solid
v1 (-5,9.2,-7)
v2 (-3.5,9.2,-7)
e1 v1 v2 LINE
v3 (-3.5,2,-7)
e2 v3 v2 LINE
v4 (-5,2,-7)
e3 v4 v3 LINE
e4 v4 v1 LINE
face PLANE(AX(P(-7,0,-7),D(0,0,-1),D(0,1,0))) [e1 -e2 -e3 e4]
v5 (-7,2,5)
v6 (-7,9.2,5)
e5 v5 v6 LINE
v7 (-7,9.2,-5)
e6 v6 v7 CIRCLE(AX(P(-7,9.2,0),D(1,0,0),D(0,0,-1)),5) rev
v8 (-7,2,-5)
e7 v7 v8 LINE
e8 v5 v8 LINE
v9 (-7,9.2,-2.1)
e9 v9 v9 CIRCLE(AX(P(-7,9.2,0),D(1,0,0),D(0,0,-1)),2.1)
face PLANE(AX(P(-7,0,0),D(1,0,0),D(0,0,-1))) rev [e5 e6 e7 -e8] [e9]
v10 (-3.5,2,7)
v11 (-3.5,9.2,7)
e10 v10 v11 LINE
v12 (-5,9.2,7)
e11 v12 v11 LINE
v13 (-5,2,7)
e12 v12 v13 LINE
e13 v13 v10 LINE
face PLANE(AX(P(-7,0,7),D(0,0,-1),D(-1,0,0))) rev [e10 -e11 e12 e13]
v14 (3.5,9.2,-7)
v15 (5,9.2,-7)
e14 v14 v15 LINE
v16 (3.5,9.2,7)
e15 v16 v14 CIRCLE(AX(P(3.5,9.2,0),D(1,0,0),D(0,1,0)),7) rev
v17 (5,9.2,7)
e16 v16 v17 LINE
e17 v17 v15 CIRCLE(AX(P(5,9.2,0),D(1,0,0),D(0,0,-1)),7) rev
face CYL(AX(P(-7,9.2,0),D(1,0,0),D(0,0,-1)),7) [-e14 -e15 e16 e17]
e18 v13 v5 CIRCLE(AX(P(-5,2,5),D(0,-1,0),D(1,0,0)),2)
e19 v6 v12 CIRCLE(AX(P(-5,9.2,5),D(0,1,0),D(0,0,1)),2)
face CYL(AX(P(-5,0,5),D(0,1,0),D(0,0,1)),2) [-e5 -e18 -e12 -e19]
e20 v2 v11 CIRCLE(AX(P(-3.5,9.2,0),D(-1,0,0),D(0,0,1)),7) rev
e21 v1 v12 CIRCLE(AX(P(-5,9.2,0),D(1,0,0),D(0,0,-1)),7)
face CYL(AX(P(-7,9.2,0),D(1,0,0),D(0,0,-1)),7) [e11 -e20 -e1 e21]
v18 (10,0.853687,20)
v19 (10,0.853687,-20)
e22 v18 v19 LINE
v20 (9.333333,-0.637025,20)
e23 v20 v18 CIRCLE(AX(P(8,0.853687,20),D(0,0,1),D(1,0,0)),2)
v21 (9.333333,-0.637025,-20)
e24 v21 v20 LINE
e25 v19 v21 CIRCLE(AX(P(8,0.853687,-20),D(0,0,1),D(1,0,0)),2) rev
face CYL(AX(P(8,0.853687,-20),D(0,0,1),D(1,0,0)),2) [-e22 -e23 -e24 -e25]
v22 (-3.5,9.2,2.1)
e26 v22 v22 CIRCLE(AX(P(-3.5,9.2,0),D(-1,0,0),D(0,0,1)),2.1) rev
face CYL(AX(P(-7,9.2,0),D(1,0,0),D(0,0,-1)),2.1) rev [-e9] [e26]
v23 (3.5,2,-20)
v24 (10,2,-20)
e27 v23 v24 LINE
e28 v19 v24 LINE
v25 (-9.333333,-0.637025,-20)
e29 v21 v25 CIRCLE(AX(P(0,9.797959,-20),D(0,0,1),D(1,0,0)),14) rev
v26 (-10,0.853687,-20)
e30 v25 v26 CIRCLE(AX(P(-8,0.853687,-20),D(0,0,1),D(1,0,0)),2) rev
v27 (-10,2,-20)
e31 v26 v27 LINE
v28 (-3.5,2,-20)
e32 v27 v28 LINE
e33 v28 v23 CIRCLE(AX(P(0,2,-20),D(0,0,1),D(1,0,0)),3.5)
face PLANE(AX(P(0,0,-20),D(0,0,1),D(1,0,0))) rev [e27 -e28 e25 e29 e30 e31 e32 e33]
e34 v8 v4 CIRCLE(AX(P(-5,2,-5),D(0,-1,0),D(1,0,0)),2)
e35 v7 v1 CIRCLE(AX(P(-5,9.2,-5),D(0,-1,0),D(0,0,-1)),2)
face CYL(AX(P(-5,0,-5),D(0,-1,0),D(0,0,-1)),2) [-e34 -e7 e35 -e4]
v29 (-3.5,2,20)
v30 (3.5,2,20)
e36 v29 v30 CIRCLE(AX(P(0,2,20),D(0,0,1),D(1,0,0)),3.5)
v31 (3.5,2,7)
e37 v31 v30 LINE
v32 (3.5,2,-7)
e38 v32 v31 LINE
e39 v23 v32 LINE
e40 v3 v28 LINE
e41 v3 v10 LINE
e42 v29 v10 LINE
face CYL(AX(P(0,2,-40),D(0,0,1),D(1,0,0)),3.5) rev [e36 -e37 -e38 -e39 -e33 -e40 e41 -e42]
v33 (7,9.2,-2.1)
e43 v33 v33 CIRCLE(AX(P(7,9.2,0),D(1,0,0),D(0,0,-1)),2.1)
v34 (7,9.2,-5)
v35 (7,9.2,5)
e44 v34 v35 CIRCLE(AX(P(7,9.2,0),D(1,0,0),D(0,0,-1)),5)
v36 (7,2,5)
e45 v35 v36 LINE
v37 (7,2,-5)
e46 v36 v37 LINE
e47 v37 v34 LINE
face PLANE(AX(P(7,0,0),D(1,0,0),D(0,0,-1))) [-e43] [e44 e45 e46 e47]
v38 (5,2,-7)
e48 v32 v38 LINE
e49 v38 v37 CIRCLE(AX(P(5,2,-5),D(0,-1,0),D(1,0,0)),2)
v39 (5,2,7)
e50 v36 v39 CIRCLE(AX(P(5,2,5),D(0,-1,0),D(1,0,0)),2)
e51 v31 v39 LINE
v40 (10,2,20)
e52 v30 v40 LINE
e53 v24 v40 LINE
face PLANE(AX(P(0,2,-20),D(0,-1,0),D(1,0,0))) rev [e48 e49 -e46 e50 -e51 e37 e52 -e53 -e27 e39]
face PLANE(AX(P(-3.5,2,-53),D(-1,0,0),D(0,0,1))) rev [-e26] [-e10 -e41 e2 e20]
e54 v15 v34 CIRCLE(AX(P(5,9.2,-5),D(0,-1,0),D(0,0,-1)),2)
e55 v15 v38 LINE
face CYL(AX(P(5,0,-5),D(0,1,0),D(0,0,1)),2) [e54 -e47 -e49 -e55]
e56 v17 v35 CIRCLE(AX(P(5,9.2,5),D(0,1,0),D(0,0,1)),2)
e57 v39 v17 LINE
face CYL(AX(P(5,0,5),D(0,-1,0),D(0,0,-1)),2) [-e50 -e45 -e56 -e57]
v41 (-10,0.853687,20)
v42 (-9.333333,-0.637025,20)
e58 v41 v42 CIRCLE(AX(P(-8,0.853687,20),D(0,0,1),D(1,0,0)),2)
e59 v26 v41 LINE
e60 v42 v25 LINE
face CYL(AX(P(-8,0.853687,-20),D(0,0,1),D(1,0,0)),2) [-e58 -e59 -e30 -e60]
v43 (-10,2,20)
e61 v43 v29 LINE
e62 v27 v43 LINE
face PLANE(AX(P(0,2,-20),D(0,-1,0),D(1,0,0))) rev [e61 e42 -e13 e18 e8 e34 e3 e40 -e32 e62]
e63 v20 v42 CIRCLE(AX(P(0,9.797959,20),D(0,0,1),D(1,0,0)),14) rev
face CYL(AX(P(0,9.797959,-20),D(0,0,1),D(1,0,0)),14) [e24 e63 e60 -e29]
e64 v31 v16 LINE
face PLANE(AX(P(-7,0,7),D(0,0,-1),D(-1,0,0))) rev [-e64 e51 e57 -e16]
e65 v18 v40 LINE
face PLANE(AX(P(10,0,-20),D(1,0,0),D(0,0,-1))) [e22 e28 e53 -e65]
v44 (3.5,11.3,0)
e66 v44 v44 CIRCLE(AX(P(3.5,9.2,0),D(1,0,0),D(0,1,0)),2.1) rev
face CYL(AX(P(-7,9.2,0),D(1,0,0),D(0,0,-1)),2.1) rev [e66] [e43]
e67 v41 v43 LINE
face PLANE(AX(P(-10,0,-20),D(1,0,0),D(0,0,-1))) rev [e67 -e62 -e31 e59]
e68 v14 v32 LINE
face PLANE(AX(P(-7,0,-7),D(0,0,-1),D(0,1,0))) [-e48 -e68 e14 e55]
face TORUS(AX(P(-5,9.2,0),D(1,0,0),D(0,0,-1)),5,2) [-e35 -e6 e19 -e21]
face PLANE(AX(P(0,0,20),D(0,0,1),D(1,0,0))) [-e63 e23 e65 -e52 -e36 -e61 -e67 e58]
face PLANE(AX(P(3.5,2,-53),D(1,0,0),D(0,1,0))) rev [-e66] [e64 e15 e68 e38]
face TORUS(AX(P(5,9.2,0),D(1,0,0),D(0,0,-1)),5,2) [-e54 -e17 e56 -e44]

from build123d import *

# Parameters (mm, degrees)
BOSS_EXTRUDE1_DEPTH      = 20
BOSS_EXTRUDE1_DEPTH_BACK = 20
BOSS_EXTRUDE2_DEPTH      = 7
BOSS_EXTRUDE2_DEPTH_BACK = 7
SKETCH2_R                = 2.1
SKETCH3_W                = 7
SKETCH3_H                = 15
CUT_EXTRUDE1_DEPTH       = 60
FILLET1_R                = 2
SKETCH4_R                = 3.5
CUT_EXTRUDE2_DEPTH       = 60
FILLET3_R                = 2


with BuildPart() as part:
    # Sketch1 → Boss-Extrude1 (new, two sides: drawn at the far end of the back side and taken through both)
    with BuildSketch(Plane.XY.offset(-BOSS_EXTRUDE1_DEPTH_BACK)):
        with BuildLine():
            Line((-10, 2), (-10, 0))
            ThreePointArc((-10, 0), (0, -4.202041029), (10, 0))
            Line((10, 0), (10, 2))
            Line((10, 2), (-10, 2))
        make_face()
    extrude(amount=BOSS_EXTRUDE1_DEPTH + BOSS_EXTRUDE1_DEPTH_BACK)

    # Sketch2 → Boss-Extrude2 (add, two sides: drawn at the far end of the back side and taken through both)
    with BuildSketch(Plane(origin=(0, 0, 0), x_dir=(0, 0, -1), z_dir=(1, 0, 0)).offset(-BOSS_EXTRUDE2_DEPTH_BACK)):
        with BuildLine():
            Line((-7, 9.2), (-7, 2))
            Line((-7, 2), (7, 2))
            Line((7, 2), (7, 9.2))
            ThreePointArc((7, 9.2), (0, 16.2), (-7, 9.2))
        make_face()
        with Locations((0, 9.2)):
            Circle(SKETCH2_R, mode=Mode.SUBTRACT)
    extrude(amount=BOSS_EXTRUDE2_DEPTH + BOSS_EXTRUDE2_DEPTH_BACK)

    # Sketch3 → Cut-Extrude1 (cut)
    with BuildSketch(Plane.XY.offset(7)):
        with Locations((0, 9.5)):
            Rectangle(SKETCH3_W, SKETCH3_H)
    extrude(amount=-CUT_EXTRUDE1_DEPTH, mode=Mode.SUBTRACT)

    # Fillet1
    fillet1_edges = [part.edges().sort_by_distance(p)[0] for p in [
        (-10, 0, 0),
        (10, 0, 0),
    ]]
    fillet(fillet1_edges, radius=FILLET1_R)

    # Sketch4 → Cut-Extrude2 (cut)
    with BuildSketch(Plane.XY.offset(20)):
        with Locations((0, 2)):
            Circle(SKETCH4_R)
    extrude(amount=-CUT_EXTRUDE2_DEPTH, mode=Mode.SUBTRACT)

    # Fillet3
    fillet3_edges = [part.edges().sort_by_distance(p)[0] for p in [
        (-7, 5.6, -7),
        (-7, 5.6, 7),
        (7, 5.6, -7),
        (7, 5.6, 7),
        (-7, 16.2, 0),
        (7, 16.2, 0),
    ]]
    fillet(fillet3_edges, radius=FILLET3_R)


solid = part.part
